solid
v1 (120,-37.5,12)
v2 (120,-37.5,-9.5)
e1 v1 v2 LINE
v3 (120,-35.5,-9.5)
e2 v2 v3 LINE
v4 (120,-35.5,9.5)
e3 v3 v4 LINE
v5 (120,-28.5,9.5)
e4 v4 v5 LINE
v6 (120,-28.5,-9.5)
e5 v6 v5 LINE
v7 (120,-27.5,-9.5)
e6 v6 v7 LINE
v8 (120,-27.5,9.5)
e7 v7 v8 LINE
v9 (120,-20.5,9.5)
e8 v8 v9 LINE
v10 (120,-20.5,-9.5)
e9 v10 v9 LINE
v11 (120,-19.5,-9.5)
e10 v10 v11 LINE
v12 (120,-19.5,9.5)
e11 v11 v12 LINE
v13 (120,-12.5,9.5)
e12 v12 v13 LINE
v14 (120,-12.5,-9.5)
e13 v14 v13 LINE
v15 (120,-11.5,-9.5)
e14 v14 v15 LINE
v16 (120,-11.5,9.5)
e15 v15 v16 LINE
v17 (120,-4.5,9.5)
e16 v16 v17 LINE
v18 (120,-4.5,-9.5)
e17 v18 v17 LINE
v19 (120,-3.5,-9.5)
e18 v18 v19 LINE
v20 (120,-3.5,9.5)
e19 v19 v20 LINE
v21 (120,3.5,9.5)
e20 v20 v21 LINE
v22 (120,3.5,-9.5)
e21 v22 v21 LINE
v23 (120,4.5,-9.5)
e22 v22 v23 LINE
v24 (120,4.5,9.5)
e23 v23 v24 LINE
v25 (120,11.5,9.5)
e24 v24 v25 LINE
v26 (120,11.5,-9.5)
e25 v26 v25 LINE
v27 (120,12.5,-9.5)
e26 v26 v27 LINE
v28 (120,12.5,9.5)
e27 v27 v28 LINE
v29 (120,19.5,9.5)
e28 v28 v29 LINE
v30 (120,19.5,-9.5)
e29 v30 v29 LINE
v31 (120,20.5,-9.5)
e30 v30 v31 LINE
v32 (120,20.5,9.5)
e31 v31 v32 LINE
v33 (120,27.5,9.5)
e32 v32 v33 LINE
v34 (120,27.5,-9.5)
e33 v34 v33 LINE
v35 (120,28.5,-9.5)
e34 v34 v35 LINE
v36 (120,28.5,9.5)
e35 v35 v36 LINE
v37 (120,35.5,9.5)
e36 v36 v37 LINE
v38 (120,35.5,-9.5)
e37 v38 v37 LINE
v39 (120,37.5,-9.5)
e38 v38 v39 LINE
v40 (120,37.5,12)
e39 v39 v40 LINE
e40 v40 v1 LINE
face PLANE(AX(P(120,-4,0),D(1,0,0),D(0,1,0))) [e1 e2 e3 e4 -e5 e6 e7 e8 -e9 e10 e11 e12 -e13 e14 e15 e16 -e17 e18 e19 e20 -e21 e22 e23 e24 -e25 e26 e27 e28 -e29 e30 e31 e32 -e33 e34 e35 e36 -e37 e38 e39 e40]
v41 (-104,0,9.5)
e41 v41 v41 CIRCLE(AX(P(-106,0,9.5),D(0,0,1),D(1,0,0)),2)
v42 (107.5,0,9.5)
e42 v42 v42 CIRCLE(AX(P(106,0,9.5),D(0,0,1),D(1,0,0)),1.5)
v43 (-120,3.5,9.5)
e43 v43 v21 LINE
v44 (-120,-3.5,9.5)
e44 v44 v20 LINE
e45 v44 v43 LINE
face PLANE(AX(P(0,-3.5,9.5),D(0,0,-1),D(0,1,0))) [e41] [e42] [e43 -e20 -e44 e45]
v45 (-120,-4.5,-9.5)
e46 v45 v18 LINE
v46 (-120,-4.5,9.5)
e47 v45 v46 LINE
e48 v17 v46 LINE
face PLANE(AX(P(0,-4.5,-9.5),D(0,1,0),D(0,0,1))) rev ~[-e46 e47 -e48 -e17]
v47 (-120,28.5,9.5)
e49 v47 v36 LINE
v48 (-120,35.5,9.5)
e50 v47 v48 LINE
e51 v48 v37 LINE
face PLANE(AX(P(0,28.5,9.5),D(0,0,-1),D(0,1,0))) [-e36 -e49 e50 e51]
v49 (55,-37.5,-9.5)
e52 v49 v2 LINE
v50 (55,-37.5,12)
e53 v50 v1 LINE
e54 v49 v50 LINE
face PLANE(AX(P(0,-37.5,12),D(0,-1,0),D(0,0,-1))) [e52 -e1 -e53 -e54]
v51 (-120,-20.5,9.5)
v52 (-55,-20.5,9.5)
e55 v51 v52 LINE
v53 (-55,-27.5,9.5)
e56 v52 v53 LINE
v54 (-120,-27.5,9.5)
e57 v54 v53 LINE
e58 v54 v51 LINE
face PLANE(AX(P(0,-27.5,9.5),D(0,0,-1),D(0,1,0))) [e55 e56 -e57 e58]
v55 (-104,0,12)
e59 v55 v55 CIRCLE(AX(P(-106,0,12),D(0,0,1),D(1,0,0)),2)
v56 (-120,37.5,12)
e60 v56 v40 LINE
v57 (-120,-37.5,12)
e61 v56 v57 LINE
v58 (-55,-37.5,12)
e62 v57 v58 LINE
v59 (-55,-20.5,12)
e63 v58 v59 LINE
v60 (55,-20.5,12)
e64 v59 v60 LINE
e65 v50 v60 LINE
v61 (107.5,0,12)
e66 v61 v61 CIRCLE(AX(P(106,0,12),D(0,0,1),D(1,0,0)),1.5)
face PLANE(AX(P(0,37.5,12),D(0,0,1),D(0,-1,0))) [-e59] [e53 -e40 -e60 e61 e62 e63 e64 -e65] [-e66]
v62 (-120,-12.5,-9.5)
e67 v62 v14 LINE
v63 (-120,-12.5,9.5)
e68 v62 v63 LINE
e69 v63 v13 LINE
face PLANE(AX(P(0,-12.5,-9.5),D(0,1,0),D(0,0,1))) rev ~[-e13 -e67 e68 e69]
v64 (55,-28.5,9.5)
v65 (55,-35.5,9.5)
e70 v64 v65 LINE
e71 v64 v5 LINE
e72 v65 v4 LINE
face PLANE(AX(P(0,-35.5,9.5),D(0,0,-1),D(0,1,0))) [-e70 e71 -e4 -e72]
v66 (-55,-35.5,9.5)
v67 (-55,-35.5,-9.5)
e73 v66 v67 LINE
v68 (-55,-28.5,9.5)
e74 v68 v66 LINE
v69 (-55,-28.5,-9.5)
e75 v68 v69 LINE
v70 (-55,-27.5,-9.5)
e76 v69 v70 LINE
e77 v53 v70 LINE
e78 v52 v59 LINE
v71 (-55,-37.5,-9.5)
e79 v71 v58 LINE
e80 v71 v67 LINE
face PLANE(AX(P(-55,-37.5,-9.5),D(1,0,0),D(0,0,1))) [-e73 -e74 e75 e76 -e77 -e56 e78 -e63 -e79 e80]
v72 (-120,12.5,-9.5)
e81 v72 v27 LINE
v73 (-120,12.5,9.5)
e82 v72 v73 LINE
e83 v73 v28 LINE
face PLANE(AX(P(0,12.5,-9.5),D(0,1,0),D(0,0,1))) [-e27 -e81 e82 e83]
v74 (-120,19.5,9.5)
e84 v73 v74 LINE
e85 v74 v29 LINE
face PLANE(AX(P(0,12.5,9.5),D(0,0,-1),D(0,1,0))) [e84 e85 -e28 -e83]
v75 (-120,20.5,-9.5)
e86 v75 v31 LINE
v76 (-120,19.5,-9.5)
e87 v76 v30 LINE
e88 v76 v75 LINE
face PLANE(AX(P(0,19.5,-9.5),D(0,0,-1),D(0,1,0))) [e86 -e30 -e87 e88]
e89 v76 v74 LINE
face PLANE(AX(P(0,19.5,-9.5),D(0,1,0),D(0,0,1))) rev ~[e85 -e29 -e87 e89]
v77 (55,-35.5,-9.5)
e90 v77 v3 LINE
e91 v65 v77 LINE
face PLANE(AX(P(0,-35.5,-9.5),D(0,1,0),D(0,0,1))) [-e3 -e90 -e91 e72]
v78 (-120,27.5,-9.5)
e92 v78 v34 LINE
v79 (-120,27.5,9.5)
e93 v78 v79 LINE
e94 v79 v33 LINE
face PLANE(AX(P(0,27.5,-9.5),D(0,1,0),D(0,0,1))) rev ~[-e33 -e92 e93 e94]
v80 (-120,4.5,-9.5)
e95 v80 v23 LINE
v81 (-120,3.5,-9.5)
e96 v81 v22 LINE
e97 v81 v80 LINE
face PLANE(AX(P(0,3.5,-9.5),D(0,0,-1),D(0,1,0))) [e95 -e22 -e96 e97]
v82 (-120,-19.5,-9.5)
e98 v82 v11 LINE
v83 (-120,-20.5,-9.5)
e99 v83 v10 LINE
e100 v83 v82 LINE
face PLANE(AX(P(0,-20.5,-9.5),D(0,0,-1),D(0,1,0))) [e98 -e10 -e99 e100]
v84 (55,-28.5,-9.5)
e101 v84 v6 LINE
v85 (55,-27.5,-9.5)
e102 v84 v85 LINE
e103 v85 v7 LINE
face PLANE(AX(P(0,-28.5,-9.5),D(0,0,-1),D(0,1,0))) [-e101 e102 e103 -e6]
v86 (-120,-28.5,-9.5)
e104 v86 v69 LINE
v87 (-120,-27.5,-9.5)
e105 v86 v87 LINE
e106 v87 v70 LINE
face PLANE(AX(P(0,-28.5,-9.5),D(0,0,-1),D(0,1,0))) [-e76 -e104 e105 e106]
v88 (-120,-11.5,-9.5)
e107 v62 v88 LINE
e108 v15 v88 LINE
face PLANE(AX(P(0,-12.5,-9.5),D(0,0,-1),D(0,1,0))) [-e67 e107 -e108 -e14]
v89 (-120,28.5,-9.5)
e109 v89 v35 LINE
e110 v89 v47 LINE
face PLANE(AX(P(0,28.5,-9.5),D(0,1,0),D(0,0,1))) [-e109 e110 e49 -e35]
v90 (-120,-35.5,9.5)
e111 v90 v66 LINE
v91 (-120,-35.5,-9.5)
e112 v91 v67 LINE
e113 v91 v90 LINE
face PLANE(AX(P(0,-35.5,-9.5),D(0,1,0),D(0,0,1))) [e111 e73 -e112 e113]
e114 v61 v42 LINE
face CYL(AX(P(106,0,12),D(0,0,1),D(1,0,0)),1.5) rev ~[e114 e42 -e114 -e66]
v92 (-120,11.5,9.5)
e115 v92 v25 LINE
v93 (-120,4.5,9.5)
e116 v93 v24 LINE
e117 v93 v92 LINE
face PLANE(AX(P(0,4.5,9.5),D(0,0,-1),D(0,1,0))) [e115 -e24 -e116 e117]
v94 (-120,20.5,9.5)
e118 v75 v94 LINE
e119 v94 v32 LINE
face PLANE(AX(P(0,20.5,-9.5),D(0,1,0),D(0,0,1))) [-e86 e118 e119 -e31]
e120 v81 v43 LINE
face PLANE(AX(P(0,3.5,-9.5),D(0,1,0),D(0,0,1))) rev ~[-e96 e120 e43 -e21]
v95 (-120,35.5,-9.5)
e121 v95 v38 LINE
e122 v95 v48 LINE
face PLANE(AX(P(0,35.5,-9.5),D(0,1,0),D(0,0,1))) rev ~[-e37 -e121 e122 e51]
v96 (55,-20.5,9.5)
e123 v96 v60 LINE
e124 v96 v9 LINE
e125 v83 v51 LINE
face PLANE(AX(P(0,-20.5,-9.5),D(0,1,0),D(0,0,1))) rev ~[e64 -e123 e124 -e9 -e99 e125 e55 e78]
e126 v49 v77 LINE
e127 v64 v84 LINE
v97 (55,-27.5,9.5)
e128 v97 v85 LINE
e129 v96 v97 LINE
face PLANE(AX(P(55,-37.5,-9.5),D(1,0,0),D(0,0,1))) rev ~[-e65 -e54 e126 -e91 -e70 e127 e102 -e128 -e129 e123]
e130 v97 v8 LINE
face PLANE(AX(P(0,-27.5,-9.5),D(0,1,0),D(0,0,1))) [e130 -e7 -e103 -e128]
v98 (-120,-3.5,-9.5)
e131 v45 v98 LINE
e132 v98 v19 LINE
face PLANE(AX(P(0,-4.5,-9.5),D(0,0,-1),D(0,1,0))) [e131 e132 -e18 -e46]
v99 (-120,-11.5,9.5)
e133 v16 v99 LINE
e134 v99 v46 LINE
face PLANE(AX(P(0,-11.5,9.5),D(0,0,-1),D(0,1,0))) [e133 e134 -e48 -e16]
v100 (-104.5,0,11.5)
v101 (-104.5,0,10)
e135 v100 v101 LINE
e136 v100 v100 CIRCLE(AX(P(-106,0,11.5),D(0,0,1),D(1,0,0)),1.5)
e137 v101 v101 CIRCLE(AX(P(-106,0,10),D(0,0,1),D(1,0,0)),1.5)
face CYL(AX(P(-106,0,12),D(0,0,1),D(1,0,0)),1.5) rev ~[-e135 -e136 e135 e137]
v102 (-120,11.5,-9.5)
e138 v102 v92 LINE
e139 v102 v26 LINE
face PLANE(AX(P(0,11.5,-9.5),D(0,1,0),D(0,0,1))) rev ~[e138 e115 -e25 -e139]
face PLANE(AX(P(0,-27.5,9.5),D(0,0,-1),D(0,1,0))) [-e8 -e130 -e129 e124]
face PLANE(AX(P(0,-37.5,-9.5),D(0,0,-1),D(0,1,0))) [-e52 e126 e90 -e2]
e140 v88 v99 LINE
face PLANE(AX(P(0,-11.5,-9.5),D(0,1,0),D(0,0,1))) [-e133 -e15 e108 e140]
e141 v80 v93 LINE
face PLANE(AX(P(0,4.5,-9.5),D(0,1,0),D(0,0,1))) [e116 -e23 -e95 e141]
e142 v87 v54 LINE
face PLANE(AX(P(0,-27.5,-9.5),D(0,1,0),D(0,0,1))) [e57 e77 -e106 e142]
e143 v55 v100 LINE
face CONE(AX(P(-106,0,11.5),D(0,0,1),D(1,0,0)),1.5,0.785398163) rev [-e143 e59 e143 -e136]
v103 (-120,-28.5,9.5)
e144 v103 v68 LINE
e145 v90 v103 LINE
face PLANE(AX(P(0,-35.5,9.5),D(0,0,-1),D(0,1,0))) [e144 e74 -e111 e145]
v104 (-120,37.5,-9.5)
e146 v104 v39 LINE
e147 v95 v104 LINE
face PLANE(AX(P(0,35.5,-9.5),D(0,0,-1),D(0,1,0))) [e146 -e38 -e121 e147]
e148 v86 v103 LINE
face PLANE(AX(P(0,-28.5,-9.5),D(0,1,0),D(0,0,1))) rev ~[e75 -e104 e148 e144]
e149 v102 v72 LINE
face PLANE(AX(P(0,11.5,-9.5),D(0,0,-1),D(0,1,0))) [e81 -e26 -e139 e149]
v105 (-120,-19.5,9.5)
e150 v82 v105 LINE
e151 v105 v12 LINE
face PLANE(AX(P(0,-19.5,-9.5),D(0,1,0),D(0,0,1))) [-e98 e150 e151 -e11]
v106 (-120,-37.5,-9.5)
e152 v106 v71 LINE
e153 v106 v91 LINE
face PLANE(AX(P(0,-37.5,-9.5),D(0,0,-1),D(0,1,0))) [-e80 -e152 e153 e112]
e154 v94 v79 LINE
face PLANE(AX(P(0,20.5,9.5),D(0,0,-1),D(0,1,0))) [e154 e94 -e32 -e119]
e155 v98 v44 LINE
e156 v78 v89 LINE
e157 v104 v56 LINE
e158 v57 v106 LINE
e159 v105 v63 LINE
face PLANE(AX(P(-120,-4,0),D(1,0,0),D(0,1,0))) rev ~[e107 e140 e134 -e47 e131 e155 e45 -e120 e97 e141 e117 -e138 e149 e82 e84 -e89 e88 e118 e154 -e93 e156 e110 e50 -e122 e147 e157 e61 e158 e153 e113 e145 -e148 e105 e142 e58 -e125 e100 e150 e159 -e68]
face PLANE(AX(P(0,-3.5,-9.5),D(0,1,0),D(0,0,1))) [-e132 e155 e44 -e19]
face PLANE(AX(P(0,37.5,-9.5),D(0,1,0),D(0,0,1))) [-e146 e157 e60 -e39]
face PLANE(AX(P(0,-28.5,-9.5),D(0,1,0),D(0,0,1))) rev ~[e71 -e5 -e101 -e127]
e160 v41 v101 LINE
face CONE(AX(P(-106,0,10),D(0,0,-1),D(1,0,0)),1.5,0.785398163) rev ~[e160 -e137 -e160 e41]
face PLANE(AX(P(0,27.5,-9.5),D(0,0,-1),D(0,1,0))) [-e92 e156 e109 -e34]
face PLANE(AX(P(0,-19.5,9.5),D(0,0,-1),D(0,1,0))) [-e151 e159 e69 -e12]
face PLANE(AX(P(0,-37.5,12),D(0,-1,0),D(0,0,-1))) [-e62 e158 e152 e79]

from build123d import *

# Parameters (mm, degrees)
F0_W     = 1
F0_H     = 19
F0_W_2   = 2
F1_DEPTH = 120
F2_R     = 1.5
F3_DEPTH = 21.501
F4_SIZE  = 0.5
F5_W     = 110
F5_H     = 21.5
F6_DEPTH = 17


with BuildPart() as f1:
    # F0 (on Right) → F1 (new body, symmetric)
    with BuildSketch(Plane.YZ):
        with Locations((-4, 0)):
            Rectangle(F0_W, F0_H)
        with Locations((4, 0)):
            Rectangle(F0_W, F0_H)
        with Locations((-12, 0)):
            Rectangle(F0_W, F0_H)
        with Locations((-20, 0)):
            Rectangle(F0_W, F0_H)
        with Locations((12, 0)):
            Rectangle(F0_W, F0_H)
        with Locations((20, 0)):
            Rectangle(F0_W, F0_H)
        with Locations((28, 0)):
            Rectangle(F0_W, F0_H)
        with Locations((-28, 0)):
            Rectangle(F0_W, F0_H)
        with Locations((36.5, 0)):
            Rectangle(F0_W_2, F0_H)
        with Locations((-36.5, 0)):
            Rectangle(F0_W_2, F0_H)
        Polygon((-11.5, 9.5), (-4.5, 9.5), (-3.5, 9.5), (3.5, 9.5), (4.5, 9.5), (11.5, 9.5), (12.5, 9.5), (19.5, 9.5), (20.5, 9.5), (27.5, 9.5), (28.5, 9.5), (35.5, 9.5), (37.5, 9.5), (37.5, 12), (-37.5, 12), (-37.5, 9.5), (-35.5, 9.5), (-28.5, 9.5), (-27.5, 9.5), (-20.5, 9.5), (-19.5, 9.5), (-12.5, 9.5), align=None)
    extrude(amount=F1_DEPTH, both=True)

    # F2 (on face) → F3 (cut, through all)
    with BuildSketch(Plane.XY.offset(12)):
        with Locations((-106, 0)):
            Circle(F2_R)
        with Locations((106, 0)):
            Circle(F2_R)
    extrude(amount=-F3_DEPTH, mode=Mode.SUBTRACT)

    # F4
    f4_edges = [f1.edges().sort_by_distance(p)[0] for p in [
        (-107.5, 0, 12),
        (-104.5, 0, 10.75),
        (-107.5, 0, 9.5),
    ]]
    chamfer(f4_edges, length=F4_SIZE)

    # F5 (on face) → F6 (cut)
    with BuildSketch(Plane.XZ.offset(37.5)):
        with Locations((0, 1.25)):
            Rectangle(F5_W, F5_H)
    extrude(amount=-F6_DEPTH, mode=Mode.SUBTRACT)


solid = f1.part
